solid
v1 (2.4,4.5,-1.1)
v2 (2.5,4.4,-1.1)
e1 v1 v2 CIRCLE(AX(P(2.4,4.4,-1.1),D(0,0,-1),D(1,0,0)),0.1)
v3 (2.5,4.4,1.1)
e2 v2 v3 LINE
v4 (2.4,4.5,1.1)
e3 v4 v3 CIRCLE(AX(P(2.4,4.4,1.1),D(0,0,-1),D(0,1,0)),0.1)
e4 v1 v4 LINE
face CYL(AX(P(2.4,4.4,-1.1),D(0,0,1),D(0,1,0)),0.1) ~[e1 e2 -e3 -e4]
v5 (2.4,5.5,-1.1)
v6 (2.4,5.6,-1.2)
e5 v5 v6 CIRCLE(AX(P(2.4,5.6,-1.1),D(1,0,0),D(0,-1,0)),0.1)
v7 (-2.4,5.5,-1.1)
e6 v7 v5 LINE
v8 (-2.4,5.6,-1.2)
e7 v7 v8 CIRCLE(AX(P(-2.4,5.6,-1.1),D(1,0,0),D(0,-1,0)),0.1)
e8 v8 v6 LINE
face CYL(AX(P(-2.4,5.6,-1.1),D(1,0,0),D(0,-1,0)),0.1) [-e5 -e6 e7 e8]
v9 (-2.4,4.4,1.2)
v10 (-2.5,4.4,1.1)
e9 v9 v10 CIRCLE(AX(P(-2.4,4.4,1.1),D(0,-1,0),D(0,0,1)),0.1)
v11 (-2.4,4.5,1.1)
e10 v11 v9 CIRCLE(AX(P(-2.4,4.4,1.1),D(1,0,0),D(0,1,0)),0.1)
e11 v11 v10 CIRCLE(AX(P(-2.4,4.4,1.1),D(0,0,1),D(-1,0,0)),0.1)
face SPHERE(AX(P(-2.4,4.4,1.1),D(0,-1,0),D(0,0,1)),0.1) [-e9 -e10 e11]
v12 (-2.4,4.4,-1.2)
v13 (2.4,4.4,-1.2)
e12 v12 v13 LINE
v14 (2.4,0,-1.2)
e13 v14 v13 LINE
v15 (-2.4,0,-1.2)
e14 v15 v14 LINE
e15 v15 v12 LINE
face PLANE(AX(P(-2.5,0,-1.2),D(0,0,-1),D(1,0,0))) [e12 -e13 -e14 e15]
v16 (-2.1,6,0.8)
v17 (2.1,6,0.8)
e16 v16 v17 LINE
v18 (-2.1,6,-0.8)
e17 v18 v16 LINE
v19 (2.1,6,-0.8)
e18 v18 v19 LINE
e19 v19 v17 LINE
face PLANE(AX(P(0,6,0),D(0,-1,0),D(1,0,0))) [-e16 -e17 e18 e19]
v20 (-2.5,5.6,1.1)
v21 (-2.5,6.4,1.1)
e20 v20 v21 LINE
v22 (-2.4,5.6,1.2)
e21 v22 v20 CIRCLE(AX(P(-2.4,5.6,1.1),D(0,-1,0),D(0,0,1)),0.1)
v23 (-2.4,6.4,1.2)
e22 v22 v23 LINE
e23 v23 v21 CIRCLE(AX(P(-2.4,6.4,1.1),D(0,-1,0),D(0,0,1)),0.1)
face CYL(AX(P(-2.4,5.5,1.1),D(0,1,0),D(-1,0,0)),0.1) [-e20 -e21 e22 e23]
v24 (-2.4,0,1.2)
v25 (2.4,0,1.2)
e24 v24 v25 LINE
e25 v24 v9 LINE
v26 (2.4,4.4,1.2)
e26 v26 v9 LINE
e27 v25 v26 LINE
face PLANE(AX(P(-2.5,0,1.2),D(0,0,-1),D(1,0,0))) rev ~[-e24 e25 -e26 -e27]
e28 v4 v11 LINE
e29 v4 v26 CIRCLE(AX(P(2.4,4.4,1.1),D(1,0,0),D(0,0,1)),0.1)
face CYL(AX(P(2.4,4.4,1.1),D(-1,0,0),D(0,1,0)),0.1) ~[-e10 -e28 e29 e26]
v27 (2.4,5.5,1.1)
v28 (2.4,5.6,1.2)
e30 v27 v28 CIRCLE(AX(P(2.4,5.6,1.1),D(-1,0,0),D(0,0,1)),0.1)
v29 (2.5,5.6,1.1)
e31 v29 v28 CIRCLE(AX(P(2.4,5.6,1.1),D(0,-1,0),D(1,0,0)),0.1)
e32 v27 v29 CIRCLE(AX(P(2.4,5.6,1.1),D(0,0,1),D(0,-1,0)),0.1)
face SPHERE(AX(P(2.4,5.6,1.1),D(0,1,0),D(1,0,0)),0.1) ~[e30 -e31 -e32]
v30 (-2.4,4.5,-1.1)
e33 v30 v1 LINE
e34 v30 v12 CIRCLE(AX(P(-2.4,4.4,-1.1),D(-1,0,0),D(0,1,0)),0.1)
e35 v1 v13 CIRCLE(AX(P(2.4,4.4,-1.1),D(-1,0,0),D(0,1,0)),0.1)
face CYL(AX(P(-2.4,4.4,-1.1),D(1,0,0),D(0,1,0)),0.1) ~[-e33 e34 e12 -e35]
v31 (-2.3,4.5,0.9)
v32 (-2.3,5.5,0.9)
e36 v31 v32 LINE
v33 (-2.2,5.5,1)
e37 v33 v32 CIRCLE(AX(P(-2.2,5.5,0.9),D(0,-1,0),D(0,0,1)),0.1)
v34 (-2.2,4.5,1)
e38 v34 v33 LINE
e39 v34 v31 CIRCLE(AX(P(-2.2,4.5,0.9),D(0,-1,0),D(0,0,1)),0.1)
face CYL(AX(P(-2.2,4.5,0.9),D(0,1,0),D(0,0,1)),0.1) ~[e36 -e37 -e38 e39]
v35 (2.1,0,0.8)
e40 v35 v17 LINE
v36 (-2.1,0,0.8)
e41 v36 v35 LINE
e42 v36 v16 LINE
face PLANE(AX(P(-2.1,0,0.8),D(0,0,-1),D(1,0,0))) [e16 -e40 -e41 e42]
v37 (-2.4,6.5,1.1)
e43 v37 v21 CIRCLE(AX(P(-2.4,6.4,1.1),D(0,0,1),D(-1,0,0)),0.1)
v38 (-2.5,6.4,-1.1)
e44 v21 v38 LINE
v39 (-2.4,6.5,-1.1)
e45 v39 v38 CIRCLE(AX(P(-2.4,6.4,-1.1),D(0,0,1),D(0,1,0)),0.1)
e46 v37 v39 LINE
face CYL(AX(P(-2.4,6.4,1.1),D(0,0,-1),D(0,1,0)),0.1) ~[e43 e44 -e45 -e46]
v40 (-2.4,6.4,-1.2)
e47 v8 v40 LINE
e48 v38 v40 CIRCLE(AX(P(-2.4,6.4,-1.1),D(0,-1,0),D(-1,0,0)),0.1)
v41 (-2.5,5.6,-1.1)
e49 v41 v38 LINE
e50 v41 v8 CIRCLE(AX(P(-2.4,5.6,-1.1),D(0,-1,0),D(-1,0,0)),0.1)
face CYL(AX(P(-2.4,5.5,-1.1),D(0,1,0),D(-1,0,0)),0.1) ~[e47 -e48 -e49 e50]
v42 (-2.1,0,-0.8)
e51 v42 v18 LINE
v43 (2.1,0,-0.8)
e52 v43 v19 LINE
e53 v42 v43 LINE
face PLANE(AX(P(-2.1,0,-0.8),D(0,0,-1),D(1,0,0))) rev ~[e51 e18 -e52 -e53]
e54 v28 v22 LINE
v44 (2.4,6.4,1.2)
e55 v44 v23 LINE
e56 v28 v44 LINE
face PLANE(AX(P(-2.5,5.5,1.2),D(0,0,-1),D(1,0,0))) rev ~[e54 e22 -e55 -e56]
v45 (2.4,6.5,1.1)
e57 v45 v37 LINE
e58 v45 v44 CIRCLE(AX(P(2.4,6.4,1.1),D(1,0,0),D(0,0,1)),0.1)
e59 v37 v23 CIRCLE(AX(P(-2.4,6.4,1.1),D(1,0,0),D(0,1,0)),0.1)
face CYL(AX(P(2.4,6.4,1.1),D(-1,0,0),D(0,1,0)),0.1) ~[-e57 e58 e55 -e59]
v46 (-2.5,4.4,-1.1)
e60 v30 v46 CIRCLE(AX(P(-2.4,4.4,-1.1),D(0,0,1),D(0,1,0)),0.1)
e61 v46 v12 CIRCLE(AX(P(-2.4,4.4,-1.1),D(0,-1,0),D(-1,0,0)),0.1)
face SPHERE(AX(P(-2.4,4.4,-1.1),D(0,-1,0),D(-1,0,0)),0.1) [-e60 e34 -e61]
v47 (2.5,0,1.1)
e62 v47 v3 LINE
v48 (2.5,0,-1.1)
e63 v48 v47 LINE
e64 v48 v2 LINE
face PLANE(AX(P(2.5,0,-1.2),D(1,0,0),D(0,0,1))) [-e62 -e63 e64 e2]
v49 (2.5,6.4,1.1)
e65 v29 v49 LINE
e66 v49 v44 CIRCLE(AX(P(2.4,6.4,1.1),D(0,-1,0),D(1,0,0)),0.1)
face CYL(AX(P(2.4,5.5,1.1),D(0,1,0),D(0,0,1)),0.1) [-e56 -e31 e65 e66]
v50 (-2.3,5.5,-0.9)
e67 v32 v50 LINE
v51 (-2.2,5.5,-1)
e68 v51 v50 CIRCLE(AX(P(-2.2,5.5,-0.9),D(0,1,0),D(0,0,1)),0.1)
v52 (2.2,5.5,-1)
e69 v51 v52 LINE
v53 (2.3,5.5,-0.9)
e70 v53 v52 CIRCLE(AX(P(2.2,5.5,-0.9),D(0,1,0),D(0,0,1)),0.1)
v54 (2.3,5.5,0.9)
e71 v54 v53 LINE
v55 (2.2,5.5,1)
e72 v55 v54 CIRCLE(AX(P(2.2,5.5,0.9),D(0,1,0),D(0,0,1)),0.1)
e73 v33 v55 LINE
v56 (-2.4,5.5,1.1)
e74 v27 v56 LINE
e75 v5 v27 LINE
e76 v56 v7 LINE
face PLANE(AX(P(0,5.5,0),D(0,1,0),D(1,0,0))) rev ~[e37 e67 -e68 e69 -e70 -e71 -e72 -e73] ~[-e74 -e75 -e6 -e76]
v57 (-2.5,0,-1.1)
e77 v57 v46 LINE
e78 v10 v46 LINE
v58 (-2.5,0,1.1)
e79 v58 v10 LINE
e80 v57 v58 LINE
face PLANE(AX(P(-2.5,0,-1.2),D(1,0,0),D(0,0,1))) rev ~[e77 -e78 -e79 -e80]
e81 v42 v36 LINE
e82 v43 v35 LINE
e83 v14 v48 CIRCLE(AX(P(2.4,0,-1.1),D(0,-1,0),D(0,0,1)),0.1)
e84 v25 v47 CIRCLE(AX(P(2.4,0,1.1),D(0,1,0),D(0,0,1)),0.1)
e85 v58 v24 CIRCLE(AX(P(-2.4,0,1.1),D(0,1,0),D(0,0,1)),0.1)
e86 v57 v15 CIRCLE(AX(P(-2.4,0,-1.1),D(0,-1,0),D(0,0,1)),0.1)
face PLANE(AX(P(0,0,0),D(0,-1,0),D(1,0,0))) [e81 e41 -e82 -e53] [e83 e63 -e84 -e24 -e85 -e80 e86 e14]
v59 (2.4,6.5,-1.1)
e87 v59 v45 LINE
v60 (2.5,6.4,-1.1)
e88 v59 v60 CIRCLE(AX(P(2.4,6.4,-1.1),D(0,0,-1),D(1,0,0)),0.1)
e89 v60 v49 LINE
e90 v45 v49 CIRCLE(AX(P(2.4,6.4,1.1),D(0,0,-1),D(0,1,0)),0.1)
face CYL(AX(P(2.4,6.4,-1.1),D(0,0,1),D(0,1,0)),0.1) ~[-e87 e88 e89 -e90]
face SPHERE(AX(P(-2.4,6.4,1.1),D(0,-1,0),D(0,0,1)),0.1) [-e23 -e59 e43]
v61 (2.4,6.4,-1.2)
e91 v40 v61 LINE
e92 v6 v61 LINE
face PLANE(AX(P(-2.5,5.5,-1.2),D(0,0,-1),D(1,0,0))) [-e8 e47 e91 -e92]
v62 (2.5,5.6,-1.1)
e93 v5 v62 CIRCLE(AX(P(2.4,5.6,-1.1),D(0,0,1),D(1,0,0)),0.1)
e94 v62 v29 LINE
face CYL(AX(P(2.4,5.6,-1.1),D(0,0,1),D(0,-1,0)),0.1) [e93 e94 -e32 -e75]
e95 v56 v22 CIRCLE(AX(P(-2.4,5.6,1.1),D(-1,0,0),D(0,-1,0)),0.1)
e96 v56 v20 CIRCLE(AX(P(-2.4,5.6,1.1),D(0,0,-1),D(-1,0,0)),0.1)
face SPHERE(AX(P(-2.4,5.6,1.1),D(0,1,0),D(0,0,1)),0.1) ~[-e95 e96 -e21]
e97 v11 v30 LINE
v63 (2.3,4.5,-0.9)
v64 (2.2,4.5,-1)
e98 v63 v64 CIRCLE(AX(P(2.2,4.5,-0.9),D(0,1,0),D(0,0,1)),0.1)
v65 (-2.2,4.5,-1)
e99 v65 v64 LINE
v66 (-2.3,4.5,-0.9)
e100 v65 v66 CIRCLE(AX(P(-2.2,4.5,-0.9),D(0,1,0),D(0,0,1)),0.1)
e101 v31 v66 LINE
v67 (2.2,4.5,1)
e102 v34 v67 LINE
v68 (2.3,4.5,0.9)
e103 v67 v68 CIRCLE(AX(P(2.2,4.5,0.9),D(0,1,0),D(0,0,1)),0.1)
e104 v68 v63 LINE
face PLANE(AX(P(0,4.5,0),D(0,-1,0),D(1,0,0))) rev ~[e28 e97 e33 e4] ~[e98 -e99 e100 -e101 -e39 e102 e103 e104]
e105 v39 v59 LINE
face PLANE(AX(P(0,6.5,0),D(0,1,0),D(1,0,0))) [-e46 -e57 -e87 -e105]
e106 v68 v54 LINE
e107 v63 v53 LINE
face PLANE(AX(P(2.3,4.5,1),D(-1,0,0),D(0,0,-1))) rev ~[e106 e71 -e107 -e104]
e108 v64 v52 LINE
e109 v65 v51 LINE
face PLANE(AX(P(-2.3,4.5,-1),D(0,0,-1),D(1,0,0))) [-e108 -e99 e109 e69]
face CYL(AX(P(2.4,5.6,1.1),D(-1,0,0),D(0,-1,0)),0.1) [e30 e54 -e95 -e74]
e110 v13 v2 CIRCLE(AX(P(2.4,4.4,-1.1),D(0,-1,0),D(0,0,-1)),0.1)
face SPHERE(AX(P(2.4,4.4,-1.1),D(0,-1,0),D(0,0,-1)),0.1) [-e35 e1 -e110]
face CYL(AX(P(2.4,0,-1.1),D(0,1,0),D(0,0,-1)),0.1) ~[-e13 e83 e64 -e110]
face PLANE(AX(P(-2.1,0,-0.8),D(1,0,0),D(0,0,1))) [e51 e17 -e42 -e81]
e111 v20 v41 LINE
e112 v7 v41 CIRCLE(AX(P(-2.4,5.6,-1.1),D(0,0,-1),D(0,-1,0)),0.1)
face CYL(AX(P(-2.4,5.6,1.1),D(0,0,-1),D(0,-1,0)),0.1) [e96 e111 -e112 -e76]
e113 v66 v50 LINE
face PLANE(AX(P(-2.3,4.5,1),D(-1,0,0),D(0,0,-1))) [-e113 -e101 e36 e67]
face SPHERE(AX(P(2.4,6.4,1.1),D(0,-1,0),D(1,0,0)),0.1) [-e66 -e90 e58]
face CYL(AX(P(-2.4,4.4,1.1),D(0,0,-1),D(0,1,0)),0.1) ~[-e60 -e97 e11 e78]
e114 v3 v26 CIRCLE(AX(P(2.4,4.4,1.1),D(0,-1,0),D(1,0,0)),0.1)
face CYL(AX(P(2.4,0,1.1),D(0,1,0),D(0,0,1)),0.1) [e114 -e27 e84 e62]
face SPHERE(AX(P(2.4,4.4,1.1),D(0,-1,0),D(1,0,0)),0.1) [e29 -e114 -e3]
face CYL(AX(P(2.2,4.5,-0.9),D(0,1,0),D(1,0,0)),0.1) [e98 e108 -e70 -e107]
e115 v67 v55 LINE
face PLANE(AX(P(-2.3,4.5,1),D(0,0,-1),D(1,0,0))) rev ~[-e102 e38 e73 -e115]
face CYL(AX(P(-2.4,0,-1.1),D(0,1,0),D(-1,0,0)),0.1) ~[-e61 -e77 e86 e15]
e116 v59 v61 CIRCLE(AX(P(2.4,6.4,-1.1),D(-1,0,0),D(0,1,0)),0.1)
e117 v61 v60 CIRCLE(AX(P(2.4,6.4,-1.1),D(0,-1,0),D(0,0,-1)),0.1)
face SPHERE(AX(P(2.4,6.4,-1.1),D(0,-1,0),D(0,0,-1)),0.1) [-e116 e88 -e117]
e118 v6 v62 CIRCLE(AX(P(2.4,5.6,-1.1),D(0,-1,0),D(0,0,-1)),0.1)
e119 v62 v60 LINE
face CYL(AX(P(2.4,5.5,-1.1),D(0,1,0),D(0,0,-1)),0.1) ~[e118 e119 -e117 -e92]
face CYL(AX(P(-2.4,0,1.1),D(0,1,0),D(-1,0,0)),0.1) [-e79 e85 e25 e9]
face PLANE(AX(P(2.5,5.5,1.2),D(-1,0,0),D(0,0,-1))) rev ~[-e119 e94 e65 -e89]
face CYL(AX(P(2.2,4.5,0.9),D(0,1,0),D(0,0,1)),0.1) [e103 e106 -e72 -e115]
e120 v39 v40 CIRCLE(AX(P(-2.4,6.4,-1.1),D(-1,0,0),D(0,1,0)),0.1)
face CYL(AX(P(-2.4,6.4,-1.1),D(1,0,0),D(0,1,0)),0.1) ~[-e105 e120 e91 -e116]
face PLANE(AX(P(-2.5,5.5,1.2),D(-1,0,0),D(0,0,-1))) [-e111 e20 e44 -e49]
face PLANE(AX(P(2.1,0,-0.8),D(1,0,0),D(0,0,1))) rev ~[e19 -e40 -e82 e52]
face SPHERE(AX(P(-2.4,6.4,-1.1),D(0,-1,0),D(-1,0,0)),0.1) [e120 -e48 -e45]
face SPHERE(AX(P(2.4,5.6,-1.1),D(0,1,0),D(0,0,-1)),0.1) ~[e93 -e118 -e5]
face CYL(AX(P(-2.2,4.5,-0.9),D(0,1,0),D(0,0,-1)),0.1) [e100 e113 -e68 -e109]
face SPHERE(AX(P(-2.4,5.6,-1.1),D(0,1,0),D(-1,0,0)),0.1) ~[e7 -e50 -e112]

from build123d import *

# Parameters (mm, degrees)
SKETCH_W     = 5
SKETCH_H     = 2.4
PAD_DEPTH    = 4.5
SKETCH001_W  = 4.6
SKETCH001_H  = 2
PAD001_DEPTH = 1
SKETCH002_W  = 5
SKETCH002_H  = 2.4
PAD002_DEPTH = 1
FILLET_R     = 0.1
FILLET001_R  = 0.1
FILLET002_R  = 0.1
SKETCH003_W  = 4.2
SKETCH003_H  = 1.6
POCKET_DEPTH = 6


with BuildPart() as part:
    # Sketch → Pad (new body)
    with BuildSketch(Plane.XZ):
        Rectangle(SKETCH_W, SKETCH_H)
    extrude(amount=-PAD_DEPTH)

    # Sketch001 (on Face6 of Pad) → Pad001 (join)
    with BuildSketch(Plane(origin=(0, 4.5, 0), x_dir=(1, 0, 0), z_dir=(0, 1, 0))):
        Rectangle(SKETCH001_W, SKETCH001_H)
    extrude(amount=PAD001_DEPTH)

    # Sketch002 (on Face11 of Pad001) → Pad002 (join)
    with BuildSketch(Plane(origin=(0, 5.5, 0), x_dir=(1, 0, 0), z_dir=(0, 1, 0))):
        Rectangle(SKETCH002_W, SKETCH002_H)
    extrude(amount=PAD002_DEPTH)

    # Fillet
    fillet_edges = [part.edges().sort_by_distance(p)[0] for p in [
        (2.5, 2.25, 1.2),
        (-2.5, 2.25, 1.2),
        (-2.5, 6, 1.2),
        (2.5, 6, 1.2),
        (2.5, 6, -1.2),
        (2.5, 2.25, -1.2),
        (-2.3, 5, 1),
        (2.3, 5, 1),
        (2.3, 5, -1),
        (-2.5, 2.25, -1.2),
        (-2.5, 6, -1.2),
        (-2.3, 5, -1),
    ]]
    fillet(fillet_edges, radius=FILLET_R)

    # Fillet001
    fillet001_edges = [part.edges().sort_by_distance(p)[0] for p in [
        (0, 6.5, -1.2),
        (2.5, 6.5, 0),
        (0, 6.5, 1.2),
        (-2.5, 6.5, 0),
    ]]
    fillet(fillet001_edges, radius=FILLET001_R)

    # Fillet002
    fillet002_edges = [part.edges().sort_by_distance(p)[0] for p in [
        (0, 5.5, -1.2),
        (0, 4.5, -1.2),
        (-2.5, 4.5, 0),
        (-2.5, 5.5, 0),
        (0, 4.5, 1.2),
        (2.5, 4.5, 0),
        (0, 5.5, 1.2),
        (2.5, 5.5, 0),
    ]]
    fillet(fillet002_edges, radius=FILLET002_R)

    # Sketch003 (on Face49 of Fillet002) → Pocket (cut)
    with BuildSketch(Plane.XZ):
        Rectangle(SKETCH003_W, SKETCH003_H)
    extrude(amount=-POCKET_DEPTH, mode=Mode.SUBTRACT)


solid = part.part
